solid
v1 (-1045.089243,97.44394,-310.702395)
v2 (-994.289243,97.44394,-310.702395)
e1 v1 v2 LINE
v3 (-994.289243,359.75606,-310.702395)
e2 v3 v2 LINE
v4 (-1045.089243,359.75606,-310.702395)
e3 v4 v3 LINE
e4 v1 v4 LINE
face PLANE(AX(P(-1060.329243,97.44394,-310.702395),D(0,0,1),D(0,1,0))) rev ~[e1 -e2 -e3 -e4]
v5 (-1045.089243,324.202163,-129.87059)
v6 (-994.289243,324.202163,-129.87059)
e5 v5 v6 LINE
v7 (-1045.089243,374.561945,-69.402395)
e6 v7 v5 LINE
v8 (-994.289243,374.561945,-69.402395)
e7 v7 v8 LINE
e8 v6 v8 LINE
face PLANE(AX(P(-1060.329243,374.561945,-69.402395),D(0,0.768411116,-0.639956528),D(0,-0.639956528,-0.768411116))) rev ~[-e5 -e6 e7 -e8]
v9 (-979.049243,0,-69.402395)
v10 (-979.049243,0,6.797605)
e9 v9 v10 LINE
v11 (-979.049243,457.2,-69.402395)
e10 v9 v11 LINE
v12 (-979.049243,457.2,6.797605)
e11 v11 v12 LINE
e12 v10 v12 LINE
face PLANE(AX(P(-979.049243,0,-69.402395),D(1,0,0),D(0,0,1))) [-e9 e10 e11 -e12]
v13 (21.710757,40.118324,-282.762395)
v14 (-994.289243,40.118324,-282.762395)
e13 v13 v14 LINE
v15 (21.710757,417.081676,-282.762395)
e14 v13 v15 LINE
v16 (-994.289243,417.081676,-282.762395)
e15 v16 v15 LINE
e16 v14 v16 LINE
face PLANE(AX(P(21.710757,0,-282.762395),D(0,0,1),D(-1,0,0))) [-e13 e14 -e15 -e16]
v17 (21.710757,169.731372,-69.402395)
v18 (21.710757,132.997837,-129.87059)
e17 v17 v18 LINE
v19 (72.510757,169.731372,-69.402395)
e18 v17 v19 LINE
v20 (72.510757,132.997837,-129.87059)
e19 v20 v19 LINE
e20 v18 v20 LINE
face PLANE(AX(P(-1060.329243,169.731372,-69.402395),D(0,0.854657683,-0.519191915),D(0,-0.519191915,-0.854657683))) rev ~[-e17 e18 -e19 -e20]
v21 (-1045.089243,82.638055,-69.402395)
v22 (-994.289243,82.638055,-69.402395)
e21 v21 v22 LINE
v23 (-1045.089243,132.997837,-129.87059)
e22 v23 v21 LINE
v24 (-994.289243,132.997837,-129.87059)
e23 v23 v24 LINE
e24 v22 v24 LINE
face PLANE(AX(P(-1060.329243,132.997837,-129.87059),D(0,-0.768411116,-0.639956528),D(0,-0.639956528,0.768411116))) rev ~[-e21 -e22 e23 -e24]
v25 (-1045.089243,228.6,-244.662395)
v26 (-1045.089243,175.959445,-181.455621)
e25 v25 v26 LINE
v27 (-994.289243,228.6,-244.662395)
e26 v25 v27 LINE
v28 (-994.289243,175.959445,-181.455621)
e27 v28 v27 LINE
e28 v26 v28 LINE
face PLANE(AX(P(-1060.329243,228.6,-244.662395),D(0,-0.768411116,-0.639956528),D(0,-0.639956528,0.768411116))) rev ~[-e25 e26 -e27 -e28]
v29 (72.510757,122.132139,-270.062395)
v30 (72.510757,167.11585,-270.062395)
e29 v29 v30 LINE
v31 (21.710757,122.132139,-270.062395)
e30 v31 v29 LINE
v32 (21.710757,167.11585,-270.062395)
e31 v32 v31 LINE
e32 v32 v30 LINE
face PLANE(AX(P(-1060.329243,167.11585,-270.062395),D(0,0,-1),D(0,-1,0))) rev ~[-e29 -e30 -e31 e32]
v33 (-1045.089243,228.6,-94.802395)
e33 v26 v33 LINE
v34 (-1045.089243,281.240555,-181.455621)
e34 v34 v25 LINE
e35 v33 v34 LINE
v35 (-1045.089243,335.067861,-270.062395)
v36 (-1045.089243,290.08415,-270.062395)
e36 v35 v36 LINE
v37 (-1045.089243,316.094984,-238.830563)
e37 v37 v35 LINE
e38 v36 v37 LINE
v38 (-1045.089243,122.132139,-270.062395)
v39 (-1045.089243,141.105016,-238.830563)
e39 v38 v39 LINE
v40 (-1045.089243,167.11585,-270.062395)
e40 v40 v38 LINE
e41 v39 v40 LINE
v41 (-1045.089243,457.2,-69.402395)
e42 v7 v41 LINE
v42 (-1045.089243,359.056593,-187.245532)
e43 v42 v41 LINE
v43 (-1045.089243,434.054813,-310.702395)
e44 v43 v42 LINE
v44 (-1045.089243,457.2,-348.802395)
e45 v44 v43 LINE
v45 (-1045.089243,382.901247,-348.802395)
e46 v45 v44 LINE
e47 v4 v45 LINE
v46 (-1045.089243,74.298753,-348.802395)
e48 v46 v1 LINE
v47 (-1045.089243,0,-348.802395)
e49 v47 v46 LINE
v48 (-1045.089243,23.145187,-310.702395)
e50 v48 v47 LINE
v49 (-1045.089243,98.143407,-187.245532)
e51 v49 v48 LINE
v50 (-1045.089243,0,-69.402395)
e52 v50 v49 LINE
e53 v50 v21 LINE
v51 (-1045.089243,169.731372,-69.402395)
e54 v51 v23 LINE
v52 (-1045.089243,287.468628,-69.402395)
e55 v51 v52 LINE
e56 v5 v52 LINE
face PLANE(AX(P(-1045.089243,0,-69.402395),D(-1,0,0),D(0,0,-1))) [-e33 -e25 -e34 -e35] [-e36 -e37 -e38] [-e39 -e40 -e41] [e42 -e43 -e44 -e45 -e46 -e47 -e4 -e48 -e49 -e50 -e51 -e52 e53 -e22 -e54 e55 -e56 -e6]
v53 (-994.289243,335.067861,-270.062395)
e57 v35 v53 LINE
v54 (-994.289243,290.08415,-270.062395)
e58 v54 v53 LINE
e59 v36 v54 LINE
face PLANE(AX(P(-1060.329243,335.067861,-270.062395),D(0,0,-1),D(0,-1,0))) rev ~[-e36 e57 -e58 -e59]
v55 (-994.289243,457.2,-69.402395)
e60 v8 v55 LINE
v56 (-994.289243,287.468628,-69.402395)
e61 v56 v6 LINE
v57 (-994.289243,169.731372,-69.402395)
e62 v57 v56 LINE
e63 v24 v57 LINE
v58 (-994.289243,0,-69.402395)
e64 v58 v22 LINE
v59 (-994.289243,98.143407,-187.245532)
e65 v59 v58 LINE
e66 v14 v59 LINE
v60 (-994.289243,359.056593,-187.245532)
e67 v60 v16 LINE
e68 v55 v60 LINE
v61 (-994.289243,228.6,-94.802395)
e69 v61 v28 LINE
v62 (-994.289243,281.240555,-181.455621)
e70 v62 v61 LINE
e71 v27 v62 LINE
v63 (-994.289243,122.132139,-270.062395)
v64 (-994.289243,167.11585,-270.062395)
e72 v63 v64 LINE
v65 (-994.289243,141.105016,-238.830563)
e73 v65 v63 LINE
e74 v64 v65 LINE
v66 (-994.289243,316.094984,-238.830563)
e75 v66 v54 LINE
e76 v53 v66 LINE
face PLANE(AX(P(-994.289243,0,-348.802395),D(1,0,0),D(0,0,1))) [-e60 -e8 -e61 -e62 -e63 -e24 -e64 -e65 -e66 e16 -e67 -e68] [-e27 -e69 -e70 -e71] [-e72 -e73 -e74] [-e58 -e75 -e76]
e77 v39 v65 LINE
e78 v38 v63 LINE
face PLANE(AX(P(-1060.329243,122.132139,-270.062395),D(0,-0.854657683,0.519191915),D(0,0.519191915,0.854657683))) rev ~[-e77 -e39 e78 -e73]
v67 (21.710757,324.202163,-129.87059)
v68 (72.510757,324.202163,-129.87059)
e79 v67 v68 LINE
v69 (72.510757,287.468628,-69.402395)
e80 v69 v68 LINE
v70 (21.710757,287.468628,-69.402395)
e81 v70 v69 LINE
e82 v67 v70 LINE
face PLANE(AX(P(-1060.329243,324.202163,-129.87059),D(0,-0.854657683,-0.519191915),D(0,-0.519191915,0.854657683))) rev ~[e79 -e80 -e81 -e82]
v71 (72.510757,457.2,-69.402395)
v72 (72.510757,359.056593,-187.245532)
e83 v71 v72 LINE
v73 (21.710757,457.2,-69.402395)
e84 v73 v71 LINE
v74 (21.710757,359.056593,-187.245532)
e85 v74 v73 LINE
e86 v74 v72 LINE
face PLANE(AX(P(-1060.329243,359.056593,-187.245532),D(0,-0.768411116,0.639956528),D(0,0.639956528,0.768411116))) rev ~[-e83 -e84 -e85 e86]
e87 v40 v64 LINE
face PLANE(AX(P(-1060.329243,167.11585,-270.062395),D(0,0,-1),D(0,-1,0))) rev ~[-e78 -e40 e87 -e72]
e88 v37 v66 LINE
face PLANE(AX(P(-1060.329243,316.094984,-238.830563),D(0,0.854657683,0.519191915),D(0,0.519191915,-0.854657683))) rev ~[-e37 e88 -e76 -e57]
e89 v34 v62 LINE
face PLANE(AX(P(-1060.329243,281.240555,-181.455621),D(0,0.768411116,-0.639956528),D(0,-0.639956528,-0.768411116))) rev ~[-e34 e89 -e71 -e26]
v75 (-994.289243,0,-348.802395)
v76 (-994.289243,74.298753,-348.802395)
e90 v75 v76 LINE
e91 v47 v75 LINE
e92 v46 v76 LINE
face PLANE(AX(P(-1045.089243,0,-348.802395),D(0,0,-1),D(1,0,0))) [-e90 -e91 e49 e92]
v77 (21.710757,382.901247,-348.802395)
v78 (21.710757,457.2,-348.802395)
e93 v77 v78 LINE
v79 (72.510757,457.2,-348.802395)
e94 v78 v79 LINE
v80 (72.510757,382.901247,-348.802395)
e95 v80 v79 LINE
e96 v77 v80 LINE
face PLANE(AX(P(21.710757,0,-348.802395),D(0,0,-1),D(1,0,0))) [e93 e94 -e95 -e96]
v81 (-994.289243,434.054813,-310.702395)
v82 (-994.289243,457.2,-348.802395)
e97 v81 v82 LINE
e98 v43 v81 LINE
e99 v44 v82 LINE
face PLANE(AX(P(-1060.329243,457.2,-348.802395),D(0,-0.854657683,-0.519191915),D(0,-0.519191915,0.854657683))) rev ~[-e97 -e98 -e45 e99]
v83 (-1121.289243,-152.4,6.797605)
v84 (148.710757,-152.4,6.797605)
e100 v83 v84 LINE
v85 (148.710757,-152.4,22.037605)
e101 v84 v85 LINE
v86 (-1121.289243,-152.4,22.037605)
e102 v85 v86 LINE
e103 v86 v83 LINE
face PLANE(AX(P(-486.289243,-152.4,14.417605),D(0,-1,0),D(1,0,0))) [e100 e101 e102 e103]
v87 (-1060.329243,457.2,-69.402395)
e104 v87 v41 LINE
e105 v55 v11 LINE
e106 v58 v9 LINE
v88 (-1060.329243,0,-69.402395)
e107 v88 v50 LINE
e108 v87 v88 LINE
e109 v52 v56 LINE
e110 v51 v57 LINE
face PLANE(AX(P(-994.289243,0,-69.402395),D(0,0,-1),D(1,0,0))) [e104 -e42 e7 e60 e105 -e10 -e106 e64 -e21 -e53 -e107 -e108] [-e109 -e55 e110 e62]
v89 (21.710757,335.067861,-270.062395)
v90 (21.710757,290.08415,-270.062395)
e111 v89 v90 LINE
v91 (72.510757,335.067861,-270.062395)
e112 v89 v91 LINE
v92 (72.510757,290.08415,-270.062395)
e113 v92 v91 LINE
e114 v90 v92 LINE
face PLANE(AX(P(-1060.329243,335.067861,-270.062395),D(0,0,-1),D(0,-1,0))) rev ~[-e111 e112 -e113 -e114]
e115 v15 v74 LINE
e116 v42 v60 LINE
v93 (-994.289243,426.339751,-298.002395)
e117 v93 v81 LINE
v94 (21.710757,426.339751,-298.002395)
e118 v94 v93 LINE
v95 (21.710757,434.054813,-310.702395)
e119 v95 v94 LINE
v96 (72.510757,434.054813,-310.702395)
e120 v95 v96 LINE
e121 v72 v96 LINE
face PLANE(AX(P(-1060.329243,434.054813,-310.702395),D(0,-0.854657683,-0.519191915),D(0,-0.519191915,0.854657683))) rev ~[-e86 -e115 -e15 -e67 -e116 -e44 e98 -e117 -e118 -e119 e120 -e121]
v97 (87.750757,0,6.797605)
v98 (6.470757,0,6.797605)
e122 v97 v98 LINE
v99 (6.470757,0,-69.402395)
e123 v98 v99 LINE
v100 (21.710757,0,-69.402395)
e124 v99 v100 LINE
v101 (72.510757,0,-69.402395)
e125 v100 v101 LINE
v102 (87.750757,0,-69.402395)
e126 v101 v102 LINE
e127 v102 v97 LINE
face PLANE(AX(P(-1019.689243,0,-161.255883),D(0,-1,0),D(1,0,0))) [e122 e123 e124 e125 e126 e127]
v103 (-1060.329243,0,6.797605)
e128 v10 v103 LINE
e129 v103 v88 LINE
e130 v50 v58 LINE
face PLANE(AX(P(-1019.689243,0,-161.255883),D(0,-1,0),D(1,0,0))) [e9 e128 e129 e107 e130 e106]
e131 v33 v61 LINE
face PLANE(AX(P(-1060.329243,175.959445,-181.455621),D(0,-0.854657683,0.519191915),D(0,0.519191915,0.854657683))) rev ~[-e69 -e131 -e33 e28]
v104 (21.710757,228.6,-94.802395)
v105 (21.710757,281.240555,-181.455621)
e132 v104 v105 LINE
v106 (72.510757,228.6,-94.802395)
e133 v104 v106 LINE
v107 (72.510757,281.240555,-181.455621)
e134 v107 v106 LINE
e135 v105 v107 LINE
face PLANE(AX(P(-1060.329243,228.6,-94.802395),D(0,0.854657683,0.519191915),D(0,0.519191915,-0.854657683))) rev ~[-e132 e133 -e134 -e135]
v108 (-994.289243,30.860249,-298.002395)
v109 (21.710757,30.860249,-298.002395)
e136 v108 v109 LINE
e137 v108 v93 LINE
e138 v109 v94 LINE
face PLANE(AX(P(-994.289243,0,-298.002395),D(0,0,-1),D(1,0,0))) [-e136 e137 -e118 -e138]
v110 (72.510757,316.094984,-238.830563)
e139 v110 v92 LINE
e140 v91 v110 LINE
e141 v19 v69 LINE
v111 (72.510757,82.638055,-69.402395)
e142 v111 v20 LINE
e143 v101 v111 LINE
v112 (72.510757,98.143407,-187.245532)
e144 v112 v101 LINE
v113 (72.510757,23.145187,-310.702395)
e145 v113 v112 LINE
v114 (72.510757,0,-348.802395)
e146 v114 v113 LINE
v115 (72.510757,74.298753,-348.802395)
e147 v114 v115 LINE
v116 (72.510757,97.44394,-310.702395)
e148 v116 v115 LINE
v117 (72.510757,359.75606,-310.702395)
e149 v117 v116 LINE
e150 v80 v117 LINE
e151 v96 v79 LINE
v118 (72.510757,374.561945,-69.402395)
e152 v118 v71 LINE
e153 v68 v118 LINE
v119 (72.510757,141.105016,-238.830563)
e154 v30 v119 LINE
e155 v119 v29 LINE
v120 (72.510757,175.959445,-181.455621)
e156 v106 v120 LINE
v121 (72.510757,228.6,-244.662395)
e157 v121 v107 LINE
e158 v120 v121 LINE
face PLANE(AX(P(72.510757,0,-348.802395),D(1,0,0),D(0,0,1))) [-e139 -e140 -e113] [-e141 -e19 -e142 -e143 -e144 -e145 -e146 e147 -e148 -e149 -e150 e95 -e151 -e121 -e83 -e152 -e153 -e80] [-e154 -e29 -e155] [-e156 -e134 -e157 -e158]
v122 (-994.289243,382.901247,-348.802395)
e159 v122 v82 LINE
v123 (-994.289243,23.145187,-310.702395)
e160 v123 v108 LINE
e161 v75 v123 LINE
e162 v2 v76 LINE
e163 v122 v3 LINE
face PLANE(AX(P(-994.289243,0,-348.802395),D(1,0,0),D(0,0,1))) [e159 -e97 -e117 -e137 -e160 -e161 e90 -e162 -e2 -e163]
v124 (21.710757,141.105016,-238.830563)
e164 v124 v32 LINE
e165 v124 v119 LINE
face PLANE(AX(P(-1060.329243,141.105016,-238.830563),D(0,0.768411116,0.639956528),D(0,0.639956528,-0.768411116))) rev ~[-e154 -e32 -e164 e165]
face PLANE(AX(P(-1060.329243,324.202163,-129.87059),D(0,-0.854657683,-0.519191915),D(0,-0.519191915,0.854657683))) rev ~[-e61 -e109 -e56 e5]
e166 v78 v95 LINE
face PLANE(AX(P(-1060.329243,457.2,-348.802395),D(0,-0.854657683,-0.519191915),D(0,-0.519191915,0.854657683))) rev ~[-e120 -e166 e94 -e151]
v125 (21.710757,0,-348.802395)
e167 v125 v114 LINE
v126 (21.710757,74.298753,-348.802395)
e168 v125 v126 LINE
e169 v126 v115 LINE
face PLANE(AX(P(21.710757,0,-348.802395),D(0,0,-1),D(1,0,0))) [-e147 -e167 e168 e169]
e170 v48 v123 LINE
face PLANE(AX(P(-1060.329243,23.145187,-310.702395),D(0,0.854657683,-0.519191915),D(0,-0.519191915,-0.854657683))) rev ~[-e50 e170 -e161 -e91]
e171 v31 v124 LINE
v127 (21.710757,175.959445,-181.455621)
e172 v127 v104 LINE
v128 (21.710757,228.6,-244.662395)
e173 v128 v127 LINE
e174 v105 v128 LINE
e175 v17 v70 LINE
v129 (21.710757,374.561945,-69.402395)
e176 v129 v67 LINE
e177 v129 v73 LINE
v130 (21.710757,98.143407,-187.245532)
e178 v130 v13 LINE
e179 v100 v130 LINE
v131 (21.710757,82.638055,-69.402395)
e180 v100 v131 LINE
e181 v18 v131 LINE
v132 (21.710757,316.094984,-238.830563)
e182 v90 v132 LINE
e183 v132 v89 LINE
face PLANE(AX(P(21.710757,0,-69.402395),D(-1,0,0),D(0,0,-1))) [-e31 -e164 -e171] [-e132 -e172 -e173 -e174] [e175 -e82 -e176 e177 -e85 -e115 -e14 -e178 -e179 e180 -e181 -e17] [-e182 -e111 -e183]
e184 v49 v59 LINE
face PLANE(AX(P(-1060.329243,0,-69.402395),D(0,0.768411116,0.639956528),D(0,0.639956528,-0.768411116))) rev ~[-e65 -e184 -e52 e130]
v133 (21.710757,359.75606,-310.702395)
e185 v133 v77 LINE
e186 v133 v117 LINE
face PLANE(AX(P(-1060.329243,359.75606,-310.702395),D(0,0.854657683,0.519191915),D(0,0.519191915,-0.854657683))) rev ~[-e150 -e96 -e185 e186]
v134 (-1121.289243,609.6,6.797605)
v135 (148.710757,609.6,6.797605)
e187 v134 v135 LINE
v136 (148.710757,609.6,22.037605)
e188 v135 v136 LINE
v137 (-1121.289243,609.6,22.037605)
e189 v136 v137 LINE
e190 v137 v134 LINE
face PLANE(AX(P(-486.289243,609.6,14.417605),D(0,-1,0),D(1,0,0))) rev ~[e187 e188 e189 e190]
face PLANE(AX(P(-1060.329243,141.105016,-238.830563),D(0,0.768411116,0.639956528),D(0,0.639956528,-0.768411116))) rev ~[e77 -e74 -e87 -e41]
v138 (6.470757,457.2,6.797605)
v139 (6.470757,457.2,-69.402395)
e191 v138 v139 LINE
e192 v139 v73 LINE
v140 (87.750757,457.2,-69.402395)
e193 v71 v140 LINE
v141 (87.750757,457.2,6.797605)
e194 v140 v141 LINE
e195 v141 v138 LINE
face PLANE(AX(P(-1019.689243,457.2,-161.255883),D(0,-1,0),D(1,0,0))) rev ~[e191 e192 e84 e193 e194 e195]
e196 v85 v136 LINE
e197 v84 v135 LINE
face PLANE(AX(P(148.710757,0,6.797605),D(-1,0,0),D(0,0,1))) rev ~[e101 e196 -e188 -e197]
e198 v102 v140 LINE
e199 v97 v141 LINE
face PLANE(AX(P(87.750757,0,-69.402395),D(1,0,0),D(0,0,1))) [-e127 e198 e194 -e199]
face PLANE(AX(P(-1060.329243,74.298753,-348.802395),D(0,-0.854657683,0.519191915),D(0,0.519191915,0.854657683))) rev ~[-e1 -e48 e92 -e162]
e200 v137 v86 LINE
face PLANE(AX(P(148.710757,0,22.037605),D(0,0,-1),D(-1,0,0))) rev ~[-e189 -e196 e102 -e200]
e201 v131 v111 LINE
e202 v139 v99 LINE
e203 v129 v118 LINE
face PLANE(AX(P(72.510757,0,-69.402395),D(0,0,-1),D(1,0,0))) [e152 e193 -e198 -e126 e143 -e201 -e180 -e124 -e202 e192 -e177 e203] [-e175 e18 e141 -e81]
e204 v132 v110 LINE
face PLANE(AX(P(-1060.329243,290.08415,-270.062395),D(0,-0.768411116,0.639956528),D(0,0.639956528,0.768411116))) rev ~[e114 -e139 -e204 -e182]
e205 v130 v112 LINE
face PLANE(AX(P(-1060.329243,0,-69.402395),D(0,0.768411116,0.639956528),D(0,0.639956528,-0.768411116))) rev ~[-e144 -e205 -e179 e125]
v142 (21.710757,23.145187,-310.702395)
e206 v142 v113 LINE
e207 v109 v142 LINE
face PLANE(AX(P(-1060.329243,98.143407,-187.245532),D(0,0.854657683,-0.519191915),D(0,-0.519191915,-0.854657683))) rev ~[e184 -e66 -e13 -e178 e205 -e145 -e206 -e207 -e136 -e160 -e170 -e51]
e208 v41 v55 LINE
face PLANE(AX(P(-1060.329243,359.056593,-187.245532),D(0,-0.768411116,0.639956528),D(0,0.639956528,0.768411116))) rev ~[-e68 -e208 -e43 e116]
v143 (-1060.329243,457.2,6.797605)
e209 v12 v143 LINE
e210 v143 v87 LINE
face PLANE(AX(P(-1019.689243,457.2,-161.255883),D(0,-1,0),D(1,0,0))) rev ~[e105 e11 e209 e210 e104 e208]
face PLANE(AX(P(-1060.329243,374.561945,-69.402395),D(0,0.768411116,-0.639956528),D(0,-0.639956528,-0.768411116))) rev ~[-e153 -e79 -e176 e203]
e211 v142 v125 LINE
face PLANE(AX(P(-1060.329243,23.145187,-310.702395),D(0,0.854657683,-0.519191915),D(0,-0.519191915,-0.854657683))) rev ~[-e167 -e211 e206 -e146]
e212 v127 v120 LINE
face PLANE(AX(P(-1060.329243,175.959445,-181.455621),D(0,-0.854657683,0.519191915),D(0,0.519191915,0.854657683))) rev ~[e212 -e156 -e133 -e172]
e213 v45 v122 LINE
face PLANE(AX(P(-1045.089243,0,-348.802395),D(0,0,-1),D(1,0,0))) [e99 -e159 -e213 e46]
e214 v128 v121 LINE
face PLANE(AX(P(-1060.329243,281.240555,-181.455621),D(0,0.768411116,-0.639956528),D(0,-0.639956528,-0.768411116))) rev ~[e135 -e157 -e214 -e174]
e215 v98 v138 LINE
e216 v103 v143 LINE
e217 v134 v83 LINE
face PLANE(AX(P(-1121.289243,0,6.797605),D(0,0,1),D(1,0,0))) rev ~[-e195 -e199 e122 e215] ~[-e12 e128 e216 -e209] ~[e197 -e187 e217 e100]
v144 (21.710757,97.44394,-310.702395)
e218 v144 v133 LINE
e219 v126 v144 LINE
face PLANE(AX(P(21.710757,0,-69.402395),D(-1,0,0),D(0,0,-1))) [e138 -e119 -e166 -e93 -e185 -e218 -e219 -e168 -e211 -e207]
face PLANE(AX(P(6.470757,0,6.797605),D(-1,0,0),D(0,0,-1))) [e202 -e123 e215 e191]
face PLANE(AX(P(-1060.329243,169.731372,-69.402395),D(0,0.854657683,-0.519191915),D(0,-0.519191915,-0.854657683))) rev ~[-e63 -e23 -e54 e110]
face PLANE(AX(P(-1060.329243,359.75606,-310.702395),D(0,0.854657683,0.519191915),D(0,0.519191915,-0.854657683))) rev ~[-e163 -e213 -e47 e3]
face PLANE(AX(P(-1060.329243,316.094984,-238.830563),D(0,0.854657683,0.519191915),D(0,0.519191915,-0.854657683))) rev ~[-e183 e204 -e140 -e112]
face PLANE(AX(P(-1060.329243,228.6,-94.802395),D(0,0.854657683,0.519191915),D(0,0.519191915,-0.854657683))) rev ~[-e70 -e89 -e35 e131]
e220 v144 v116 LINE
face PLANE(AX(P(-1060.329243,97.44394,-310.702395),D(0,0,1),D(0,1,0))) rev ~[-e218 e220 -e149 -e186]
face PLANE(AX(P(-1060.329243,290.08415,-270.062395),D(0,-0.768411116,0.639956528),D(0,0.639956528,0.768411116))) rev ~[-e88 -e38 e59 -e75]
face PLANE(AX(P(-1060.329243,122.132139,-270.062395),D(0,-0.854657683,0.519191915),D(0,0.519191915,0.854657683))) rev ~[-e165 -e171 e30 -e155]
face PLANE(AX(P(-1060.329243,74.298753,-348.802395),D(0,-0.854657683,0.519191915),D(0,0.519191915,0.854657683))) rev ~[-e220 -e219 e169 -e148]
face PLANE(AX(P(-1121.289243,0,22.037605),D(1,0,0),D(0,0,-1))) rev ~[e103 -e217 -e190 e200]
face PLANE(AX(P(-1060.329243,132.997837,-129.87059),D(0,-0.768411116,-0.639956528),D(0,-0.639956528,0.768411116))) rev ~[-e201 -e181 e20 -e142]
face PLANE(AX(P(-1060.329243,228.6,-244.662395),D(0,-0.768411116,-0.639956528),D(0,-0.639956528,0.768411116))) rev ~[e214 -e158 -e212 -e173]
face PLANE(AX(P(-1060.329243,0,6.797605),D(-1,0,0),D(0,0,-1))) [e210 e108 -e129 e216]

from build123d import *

# Parameters (mm, degrees)
F1_DEPTH      = 609.6
F1_DEPTH_BACK = 152.4
F2_DEPTH      = 457.2
F3_DEPTH      = 457.2
F5_DEPTH      = 2540


with BuildPart() as f1:
    # F0 (on Front) → F1 (new body, two sides)
    with BuildSketch(Plane.XZ) as f1_sk:
        Polygon((148.710757494, 22.0376051942), (-1121.289242506, 22.0376051942), (-1121.289242506, 6.7976051942), (-1060.329242506, 6.7976051942), (-979.049242506, 6.7976051942), (-940.949242506, 6.7976051942), (-928.249242506, 6.7976051942), (-623.449242506, 6.7976051942), (-610.749242506, 6.7976051942), (-361.829242506, 6.7976051942), (-349.129242506, 6.7976051942), (-44.329242506, 6.7976051942), (-31.629242506, 6.7976051942), (6.470757494, 6.7976051942), (87.750757494, 6.7976051942), (148.710757494, 6.7976051942), align=None)
    extrude(amount=-F1_DEPTH)
    extrude(f1_sk.sketch, amount=F1_DEPTH_BACK)

    # F0 (on Front) → F2 (join)
    with BuildSketch(Plane.XZ):
        Polygon((-979.049242506, 6.7976051942), (-1060.329242506, 6.7976051942), (-1060.329242506, -69.4023948058), (-1045.089242506, -69.4023948058), (-1045.089242506, -348.8023948058), (-994.289242506, -348.8023948058), (-994.289242506, -298.0023948058), (-994.289242506, -282.7623948058), (-994.289242506, -82.1023948058), (-994.289242506, -69.4023948058), (-979.049242506, -69.4023948058), align=None)
        Polygon((87.750757494, -69.4023948058), (87.750757494, 6.7976051942), (6.470757494, 6.7976051942), (6.470757494, -69.4023948058), (21.710757494, -69.4023948058), (21.710757494, -82.1023948058), (21.710757494, -282.7623948058), (21.710757494, -298.0023948058), (21.710757494, -348.8023948058), (72.510757494, -348.8023948058), (72.510757494, -69.4023948058), align=None)
    extrude(amount=-F2_DEPTH)

    # F0 (on Front) → F3 (join)
    with BuildSketch(Plane.XZ):
        Polygon((-486.289242506, -282.7623948058), (-994.289242506, -282.7623948058), (-994.289242506, -298.0023948058), (-486.289242506, -298.0023948058), (21.710757494, -298.0023948058), (21.710757494, -282.7623948058), align=None)
    extrude(amount=-F3_DEPTH)

    # F4 (on face) → F5 (cut)
    with BuildSketch(Plane(origin=(-1060.329242506, 0, 0), x_dir=(0, -1, 0), z_dir=(-1, 0, 0))):
        Polygon((-457.2, -270.0623948058), (-409.3666133917, -270.0623948058), (-359.05659291, -187.2455320743), (-457.2, -69.4023948058), align=None)
        Polygon((-374.5619450508, -69.4023948058), (-324.2021632287, -129.8705898486), (-287.4686281641, -69.4023948058), align=None)
        Polygon((-228.6, -94.8023948058), (-281.2405547119, -181.4556211801), (-228.6, -244.6623948058), (-175.9594452881, -181.4556211801), align=None)
        Polygon((-82.6380549492, -69.4023948058), (-169.7313718359, -69.4023948058), (-132.9978367713, -129.8705898486), align=None)
        Polygon((-98.14340709, -187.2455320743), (-47.8333866083, -270.0623948058), (0, -270.0623948058), (0, -69.4023948058), align=None)
        Polygon((-167.1158501306, -270.0623948058), (-122.1321394847, -270.0623948058), (-141.1050156067, -238.8305634058), align=None)
        Polygon((-316.0949843933, -238.8305634058), (-335.0678605153, -270.0623948058), (-290.0841498694, -270.0623948058), align=None)
        Polygon((-359.756060055, -310.7023948058), (-382.9012471236, -348.8023948058), (-74.2987528764, -348.8023948058), (-97.443939945, -310.7023948058), align=None)
        Polygon((-457.2, -310.7023948058), (-457.2, -348.8023948058), (-434.0548129315, -310.7023948058), align=None)
        Polygon((-23.1451870685, -310.7023948058), (0, -348.8023948058), (0, -310.7023948058), align=None)
        Polygon((-47.8333866083, -270.0623948058), (-23.1451870685, -310.7023948058), (0, -310.7023948058), (0, -270.0623948058), align=None)
        Polygon((-457.2, -310.7023948058), (-434.0548129315, -310.7023948058), (-409.3666133917, -270.0623948058), (-457.2, -270.0623948058), align=None)
    extrude(amount=-F5_DEPTH, mode=Mode.SUBTRACT)


solid = f1.part
